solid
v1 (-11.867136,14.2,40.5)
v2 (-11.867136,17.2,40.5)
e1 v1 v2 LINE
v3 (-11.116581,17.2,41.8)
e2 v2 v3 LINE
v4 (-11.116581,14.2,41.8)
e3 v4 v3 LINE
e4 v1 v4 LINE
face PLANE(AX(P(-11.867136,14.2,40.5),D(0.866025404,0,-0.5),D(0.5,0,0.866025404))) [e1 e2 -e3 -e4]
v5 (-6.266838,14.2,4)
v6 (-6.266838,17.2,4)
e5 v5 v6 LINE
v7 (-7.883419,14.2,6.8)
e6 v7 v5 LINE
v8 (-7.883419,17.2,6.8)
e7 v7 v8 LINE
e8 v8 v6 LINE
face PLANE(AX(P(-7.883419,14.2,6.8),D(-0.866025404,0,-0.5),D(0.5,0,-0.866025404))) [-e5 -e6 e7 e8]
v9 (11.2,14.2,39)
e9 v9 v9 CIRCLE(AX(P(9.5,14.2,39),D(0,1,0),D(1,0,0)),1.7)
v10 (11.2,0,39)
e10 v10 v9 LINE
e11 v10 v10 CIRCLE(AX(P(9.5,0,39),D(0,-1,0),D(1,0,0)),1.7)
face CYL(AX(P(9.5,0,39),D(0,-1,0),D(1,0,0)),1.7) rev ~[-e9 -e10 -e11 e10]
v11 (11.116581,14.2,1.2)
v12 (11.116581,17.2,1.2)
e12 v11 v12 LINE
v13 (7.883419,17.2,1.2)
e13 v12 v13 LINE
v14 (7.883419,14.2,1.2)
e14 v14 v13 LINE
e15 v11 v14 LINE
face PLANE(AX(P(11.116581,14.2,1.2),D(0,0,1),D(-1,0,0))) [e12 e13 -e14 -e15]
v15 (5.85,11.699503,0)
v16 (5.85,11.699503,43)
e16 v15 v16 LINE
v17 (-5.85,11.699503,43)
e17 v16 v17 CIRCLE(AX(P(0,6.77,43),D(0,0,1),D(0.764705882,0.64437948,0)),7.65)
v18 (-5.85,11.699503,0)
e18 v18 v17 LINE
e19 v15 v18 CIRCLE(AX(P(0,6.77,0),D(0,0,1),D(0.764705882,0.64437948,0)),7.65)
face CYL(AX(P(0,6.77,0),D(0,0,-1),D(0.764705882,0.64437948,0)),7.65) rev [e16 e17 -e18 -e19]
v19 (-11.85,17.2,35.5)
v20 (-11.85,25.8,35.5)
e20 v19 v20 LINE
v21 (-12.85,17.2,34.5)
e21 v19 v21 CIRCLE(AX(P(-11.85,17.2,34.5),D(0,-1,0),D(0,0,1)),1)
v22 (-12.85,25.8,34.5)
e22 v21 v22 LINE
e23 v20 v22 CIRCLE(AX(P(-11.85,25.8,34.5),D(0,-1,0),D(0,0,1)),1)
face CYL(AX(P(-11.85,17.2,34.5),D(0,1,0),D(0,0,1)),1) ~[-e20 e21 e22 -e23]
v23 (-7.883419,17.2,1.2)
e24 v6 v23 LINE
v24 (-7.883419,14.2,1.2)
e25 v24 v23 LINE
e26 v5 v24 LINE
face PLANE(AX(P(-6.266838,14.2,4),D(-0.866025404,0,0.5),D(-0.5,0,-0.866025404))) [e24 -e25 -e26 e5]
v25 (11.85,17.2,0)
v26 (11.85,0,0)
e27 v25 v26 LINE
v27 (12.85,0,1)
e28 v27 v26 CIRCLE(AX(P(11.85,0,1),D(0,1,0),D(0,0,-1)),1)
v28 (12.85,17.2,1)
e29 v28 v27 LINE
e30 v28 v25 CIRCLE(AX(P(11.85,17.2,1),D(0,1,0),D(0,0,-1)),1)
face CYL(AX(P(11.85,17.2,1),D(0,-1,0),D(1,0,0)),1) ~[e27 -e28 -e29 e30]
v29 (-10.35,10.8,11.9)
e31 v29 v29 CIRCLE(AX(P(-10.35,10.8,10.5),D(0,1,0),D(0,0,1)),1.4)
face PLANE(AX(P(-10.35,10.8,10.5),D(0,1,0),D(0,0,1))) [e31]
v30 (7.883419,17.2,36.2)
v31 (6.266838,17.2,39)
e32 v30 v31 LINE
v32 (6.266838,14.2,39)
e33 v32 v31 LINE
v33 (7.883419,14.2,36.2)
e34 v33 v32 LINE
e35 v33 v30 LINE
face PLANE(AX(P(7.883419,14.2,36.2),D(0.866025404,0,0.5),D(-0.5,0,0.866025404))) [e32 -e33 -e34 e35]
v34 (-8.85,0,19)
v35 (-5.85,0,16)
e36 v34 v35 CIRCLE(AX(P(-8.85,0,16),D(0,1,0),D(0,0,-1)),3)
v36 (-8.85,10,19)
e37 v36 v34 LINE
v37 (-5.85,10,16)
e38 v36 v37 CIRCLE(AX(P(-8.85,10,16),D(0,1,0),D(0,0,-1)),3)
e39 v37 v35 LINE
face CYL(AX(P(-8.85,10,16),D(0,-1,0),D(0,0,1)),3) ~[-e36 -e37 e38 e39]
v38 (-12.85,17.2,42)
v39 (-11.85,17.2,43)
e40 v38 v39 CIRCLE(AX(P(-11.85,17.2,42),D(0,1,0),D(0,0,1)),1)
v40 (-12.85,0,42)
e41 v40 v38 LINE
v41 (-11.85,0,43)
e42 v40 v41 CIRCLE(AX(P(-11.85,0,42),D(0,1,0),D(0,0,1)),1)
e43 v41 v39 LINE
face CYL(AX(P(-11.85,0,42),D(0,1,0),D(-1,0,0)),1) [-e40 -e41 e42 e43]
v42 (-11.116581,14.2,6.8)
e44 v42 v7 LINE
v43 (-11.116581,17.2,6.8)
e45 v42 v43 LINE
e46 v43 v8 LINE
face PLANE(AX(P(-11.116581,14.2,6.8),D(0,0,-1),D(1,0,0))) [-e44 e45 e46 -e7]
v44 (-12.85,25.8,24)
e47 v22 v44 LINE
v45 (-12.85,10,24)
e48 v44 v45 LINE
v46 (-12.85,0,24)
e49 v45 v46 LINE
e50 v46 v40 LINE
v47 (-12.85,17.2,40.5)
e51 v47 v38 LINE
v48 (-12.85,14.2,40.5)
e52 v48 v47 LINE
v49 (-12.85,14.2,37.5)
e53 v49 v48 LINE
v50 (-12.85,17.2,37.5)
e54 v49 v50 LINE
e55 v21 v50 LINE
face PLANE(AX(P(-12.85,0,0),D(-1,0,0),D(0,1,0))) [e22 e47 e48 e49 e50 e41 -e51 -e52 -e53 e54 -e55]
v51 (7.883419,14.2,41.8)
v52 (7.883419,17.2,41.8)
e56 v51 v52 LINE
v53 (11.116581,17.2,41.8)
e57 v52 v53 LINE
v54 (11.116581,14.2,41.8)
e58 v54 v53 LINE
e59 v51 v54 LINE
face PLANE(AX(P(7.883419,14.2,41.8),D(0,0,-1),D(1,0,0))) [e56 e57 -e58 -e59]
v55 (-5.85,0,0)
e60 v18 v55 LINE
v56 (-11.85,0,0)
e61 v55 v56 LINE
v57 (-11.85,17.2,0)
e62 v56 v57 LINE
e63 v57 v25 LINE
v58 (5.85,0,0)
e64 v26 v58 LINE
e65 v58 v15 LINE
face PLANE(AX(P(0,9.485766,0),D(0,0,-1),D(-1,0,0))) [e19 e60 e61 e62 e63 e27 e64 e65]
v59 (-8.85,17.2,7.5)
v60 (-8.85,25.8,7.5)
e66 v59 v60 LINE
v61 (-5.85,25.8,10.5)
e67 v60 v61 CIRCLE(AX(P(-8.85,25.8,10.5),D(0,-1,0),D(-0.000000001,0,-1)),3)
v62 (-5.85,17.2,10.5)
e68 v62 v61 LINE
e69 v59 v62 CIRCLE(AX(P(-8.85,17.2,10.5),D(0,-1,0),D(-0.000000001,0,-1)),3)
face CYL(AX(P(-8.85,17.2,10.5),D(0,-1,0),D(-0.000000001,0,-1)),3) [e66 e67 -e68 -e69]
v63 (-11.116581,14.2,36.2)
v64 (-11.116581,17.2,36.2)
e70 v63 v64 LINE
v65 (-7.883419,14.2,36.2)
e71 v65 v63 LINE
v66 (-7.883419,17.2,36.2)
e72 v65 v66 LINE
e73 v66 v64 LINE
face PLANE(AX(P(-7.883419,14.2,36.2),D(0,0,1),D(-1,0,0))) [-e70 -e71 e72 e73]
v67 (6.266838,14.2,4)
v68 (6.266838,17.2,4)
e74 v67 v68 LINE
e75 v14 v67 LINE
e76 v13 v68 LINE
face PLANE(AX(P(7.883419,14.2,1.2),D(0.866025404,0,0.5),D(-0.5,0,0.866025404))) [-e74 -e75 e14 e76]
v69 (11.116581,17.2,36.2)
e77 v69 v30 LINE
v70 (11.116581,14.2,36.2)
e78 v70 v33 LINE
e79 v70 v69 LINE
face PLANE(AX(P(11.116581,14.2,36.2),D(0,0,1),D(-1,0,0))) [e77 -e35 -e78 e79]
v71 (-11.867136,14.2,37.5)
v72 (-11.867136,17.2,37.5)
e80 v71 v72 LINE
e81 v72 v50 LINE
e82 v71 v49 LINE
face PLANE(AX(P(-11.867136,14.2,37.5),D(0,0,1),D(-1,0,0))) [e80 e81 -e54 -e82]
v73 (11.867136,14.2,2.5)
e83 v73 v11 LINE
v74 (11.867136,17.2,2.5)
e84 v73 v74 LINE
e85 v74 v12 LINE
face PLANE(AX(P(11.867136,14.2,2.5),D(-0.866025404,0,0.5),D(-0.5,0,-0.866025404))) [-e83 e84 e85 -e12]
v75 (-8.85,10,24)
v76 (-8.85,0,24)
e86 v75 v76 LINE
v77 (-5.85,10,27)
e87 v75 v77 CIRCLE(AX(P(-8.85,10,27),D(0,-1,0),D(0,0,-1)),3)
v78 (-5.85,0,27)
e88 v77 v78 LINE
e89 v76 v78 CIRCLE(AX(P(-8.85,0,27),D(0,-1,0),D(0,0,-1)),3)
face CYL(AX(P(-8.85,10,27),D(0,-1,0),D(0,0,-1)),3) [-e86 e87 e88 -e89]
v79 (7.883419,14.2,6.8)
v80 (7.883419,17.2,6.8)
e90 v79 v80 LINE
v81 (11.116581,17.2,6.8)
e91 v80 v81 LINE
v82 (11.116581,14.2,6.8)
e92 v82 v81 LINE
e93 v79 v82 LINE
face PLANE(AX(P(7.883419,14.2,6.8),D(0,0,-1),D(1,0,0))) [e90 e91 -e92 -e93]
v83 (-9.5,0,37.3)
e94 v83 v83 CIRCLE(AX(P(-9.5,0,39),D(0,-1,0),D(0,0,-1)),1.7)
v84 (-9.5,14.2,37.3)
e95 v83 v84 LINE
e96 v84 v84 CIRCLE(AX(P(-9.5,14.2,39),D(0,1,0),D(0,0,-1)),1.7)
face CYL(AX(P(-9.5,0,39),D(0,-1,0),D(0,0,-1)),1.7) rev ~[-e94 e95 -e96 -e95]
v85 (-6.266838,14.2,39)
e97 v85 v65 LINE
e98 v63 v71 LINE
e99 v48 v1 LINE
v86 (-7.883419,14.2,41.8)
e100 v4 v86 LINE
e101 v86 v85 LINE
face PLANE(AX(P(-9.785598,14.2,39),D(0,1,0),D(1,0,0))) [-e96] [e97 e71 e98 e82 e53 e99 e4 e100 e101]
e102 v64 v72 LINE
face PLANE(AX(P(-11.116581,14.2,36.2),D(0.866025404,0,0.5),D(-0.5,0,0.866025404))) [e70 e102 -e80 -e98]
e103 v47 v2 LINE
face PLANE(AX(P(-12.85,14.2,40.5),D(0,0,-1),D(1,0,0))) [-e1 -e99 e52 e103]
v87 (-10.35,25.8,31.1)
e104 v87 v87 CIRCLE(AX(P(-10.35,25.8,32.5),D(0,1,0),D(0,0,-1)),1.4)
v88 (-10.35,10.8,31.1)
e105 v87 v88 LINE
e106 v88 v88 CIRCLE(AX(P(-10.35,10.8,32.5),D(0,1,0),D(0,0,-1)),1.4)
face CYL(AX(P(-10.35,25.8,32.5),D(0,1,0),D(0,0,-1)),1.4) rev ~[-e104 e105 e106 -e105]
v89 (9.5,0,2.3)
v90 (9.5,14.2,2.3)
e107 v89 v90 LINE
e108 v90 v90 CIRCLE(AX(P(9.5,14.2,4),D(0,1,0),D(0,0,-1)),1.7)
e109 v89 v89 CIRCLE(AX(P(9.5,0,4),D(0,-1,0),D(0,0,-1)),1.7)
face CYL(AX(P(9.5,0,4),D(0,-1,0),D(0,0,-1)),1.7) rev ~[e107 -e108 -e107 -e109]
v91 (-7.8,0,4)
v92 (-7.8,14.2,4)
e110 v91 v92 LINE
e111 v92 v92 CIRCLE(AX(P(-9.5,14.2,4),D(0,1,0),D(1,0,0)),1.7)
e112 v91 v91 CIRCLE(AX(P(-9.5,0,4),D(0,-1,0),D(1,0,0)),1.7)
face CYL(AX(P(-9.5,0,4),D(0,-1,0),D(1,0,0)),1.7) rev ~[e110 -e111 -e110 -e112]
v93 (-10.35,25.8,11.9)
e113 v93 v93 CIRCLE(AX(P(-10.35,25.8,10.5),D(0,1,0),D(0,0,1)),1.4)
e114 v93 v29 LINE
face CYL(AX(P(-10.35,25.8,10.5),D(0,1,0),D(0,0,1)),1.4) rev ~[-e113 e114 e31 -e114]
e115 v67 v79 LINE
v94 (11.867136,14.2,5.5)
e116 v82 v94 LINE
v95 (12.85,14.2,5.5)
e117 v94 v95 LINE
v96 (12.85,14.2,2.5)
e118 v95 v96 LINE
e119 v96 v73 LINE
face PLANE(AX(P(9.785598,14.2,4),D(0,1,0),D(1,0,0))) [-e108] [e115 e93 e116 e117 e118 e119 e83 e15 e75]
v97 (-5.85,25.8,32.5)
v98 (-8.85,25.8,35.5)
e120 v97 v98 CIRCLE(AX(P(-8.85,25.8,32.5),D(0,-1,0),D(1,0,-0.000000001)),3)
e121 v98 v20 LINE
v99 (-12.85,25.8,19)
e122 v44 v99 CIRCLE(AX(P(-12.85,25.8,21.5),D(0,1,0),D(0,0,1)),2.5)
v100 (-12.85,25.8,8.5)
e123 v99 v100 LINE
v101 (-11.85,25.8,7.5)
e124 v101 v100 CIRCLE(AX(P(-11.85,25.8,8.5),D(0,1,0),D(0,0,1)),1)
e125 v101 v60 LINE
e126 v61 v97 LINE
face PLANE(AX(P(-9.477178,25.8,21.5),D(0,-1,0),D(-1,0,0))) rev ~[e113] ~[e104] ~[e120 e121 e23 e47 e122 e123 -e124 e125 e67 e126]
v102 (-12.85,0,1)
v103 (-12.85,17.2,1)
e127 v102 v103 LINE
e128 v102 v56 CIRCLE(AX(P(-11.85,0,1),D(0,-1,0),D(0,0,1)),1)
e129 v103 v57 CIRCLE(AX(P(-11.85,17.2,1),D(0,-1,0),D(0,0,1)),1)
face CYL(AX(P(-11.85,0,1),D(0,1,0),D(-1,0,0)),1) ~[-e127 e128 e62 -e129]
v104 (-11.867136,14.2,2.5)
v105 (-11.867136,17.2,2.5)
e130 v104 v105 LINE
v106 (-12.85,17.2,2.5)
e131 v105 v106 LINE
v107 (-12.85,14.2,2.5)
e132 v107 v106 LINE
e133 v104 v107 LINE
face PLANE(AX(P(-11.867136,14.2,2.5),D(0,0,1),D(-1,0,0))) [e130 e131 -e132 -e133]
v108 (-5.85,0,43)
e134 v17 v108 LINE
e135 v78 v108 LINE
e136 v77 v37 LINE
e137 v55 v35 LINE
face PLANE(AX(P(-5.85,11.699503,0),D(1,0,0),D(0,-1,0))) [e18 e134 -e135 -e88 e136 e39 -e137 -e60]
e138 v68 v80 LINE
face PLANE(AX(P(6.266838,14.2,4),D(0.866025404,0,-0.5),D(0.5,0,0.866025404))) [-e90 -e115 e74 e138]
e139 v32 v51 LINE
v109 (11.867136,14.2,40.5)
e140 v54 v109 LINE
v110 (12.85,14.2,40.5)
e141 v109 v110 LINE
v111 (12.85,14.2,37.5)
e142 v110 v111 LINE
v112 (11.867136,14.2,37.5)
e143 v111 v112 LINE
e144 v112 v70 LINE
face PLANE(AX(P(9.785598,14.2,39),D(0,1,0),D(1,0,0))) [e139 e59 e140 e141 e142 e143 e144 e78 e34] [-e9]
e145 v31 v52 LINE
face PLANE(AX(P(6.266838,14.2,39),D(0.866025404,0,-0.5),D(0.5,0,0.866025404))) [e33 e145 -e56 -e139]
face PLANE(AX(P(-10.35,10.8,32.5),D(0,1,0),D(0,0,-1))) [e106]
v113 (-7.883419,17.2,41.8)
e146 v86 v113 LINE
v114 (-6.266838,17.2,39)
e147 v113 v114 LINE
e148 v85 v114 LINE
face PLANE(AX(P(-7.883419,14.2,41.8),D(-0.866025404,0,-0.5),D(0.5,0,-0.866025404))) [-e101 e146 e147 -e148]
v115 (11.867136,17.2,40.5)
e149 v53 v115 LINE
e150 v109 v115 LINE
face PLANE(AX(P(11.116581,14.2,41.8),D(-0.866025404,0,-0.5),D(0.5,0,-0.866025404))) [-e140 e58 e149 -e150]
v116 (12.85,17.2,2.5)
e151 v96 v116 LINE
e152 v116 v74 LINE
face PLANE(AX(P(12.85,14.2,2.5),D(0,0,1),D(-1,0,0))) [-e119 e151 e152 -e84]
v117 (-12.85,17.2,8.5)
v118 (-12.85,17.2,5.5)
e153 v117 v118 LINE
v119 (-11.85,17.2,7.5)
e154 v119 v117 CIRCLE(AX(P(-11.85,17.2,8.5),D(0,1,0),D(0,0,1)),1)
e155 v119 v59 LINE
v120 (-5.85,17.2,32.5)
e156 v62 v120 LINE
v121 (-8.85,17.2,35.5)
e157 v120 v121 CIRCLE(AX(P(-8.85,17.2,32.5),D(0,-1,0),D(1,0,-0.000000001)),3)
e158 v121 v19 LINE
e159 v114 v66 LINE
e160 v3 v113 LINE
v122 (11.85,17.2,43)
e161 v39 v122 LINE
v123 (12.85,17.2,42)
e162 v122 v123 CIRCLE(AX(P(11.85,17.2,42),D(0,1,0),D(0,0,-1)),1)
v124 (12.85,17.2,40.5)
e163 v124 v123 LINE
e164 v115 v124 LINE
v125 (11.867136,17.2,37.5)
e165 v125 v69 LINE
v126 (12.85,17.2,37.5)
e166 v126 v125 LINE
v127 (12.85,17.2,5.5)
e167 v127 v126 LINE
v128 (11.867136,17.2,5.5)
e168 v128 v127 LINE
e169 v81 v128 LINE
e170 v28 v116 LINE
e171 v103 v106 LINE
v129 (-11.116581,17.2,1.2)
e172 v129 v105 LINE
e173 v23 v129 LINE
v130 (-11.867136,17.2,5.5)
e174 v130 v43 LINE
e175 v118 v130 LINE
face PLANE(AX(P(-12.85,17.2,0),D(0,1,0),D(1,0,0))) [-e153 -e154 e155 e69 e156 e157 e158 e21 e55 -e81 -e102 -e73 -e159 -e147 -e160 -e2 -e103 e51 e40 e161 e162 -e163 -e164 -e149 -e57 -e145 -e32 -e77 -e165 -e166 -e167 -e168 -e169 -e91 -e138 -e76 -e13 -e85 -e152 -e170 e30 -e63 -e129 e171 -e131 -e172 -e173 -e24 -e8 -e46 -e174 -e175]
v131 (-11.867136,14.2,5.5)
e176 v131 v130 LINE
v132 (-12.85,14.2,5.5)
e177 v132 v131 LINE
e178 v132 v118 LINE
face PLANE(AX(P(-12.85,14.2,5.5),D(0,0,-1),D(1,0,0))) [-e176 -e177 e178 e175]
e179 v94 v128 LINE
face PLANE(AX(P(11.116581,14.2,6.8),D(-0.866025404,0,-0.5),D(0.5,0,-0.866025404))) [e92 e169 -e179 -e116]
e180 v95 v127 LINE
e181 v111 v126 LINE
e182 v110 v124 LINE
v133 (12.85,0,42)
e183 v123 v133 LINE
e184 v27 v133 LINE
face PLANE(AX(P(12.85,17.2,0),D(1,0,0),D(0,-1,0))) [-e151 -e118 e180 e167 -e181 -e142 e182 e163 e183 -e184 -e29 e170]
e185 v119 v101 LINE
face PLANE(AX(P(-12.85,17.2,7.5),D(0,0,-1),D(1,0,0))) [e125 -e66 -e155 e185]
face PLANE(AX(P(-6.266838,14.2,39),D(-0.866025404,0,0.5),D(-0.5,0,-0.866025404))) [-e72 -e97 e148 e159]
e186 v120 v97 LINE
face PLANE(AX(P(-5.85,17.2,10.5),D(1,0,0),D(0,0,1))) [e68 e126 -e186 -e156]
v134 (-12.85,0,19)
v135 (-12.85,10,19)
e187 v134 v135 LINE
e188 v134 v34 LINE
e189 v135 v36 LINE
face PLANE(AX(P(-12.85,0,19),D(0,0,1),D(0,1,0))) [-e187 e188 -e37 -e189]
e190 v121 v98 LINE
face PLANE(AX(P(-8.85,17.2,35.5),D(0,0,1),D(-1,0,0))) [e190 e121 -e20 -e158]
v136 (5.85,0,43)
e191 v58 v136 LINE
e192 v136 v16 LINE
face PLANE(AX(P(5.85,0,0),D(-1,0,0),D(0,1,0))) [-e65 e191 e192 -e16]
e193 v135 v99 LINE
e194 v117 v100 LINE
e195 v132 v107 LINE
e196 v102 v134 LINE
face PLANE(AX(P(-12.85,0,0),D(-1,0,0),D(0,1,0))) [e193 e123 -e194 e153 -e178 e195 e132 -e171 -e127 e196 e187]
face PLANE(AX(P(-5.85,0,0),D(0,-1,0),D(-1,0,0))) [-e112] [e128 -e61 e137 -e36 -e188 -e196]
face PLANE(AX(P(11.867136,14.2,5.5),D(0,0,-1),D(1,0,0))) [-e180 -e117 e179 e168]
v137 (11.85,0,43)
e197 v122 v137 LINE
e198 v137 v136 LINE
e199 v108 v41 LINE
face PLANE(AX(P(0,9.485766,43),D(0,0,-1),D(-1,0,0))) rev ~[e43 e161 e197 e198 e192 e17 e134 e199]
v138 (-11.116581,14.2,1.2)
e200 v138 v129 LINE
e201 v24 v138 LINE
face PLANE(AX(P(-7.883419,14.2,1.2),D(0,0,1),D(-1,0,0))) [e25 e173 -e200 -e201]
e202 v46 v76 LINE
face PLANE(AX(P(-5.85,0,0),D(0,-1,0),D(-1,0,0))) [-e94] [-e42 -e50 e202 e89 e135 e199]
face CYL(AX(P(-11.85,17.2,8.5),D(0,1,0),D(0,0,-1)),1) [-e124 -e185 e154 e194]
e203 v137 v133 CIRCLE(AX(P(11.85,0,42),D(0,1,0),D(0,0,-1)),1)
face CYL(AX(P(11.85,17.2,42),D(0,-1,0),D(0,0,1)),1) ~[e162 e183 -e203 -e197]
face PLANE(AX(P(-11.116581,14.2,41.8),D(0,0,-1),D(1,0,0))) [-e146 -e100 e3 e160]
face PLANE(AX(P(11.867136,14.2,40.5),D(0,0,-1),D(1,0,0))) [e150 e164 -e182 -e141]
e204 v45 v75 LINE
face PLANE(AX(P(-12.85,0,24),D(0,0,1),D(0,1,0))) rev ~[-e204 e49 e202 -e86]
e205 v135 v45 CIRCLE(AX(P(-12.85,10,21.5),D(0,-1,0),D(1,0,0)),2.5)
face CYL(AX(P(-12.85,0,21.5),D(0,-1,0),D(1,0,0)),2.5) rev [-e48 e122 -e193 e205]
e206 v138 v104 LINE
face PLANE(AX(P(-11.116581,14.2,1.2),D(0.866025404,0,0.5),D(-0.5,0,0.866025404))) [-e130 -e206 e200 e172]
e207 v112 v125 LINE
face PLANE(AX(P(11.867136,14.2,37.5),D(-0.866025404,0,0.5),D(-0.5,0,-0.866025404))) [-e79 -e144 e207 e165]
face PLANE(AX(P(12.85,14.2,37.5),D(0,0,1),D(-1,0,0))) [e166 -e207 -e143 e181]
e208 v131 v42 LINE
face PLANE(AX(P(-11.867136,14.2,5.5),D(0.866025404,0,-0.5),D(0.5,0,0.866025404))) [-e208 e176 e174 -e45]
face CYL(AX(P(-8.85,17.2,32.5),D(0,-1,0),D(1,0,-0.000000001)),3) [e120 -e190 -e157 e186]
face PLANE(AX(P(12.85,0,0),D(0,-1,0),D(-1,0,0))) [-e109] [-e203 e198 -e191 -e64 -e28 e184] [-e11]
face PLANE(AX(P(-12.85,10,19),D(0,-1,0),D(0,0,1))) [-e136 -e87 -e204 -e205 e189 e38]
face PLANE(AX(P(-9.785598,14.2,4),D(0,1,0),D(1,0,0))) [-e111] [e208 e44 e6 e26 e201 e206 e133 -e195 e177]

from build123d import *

# Parameters (mm, degrees)
EXTRUDE_1_DEPTH     = 43
EXTRUDE_2_DEPTH     = 8.6
SKETCH_3_R          = 1.4
CUT_EXTRUDE_1_DEPTH = 15
CUT_EXTRUDE_START   = -17.2
SKETCH_4_R          = 2.5
CUT_EXTRUDE_2_DEPTH = 17.2
SKETCH_5_W          = 5
SKETCH_5_H          = 10
CUT_EXTRUDE_3_DEPTH = 15
SKETCH_6_R          = 1.7
CUT_EXTRUDE_4_DEPTH = 20
CUT_EXTRUDE_START_2 = -3
SKETCH_7_W          = 2.192810324
SKETCH_7_H          = 3
SKETCH_7_R          = 1.7
CUT_EXTRUDE_5_DEPTH = 3
FILLET_1_R          = 3
FILLET_2_R          = 1


with BuildPart() as part:
    # Эскиз1 → Бобышка-Вытянуть1 (new body)
    with BuildSketch(Plane.XY):
        with BuildLine():
            Line((5.85, 0), (5.85, 11.699503018))
            ThreePointArc((5.85, 11.699503018), (0, 14.42), (-5.85, 11.699503018))
            Line((-5.85, 11.699503018), (-5.85, 0))
            Line((-5.85, 0), (-12.85, 0))
            Line((-12.85, 0), (-12.85, 17.2))
            Line((-12.85, 17.2), (12.85, 17.2))
            Line((12.85, 17.2), (12.85, 0))
            Line((12.85, 0), (5.85, 0))
        make_face()
    extrude(amount=EXTRUDE_1_DEPTH)

    # Эскиз2 → Бобышка-Вытянуть2 (add)
    with BuildSketch(Plane(origin=(0, 17.2, 0), x_dir=(1, 0, 0), z_dir=(0, 1, 0))):
        with BuildLine():
            Line((-12.85, -7.5), (-8.85, -7.5))
            ThreePointArc((-8.85, -7.5), (-6.728679656, -8.378679656), (-5.85, -10.5))
            Line((-5.85, -10.5), (-5.85, -32.5))
            ThreePointArc((-5.85, -32.5), (-6.728679656, -34.621320344), (-8.85, -35.5))
            Line((-8.85, -35.5), (-12.85, -35.5))
            Line((-12.85, -35.5), (-12.85, -24))
            ThreePointArc((-12.85, -24), (-10.35, -21.5), (-12.85, -19))
            Line((-12.85, -19), (-12.85, -7.5))
        make_face()
    extrude(amount=EXTRUDE_2_DEPTH)

    # Эскиз3 → Вырез-Вытянуть1 (cut)
    with BuildSketch(Plane(origin=(0, 25.8, 0), x_dir=(1, 0, 0), z_dir=(0, 1, 0))):
        with Locations(Location((-10.35, -10.5, 0), (0, 0, 270))):
            Circle(SKETCH_3_R)
        with Locations(Location((-10.35, -32.5, 0), (0, 0, 90))):
            Circle(SKETCH_3_R)
    extrude(amount=-CUT_EXTRUDE_1_DEPTH, mode=Mode.SUBTRACT)

    # Эскиз4 → Вырез-Вытянуть2 (cut)
    with BuildSketch(Plane(origin=(0, 17.2, 0), x_dir=(1, 0, 0), z_dir=(0, 1, 0)).offset(CUT_EXTRUDE_START)):
        with Locations((-12.85, -21.5)):
            Circle(SKETCH_4_R)
    extrude(amount=CUT_EXTRUDE_2_DEPTH, mode=Mode.SUBTRACT)

    # Эскиз5 → Вырез-Вытянуть3 (cut)
    with BuildSketch(Plane.ZY.offset(12.85)):
        with Locations((21.5, 5)):
            Rectangle(SKETCH_5_W, SKETCH_5_H)
    extrude(amount=-CUT_EXTRUDE_3_DEPTH, mode=Mode.SUBTRACT)

    # Эскиз6 → Вырез-Вытянуть4 (cut)
    with BuildSketch(Plane.XZ):
        with Locations((9.5, 39)):
            Circle(SKETCH_6_R)
        with Locations(Location((-9.5, 39, 0), (0, 0, 270))):
            Circle(SKETCH_6_R)
        with Locations(Location((9.5, 4, 0), (0, 0, 270))):
            Circle(SKETCH_6_R)
        with Locations((-9.5, 4)):
            Circle(SKETCH_6_R)
    extrude(amount=-CUT_EXTRUDE_4_DEPTH, mode=Mode.SUBTRACT)

    # Эскиз7 → Вырез-Вытянуть5 (cut)
    # profile 1 of 8: a face of its own
    with BuildSketch(Plane(origin=(0, 17.2, 0), x_dir=(1, 0, 0), z_dir=(0, 1, 0)).offset(CUT_EXTRUDE_START_2)):
        with Locations((-13.946405162, -4)):
            Rectangle(SKETCH_7_W, SKETCH_7_H)
    # profile 2 of 8: a face of its own
    with BuildSketch(Plane(origin=(0, 17.2, 0), x_dir=(1, 0, 0), z_dir=(0, 1, 0)).offset(CUT_EXTRUDE_START_2)):
        Polygon((-12.85, -5.5), (-11.867136104, -5.5), (-11.116580754, -6.8), (-7.883419246, -6.8), (-6.266838493, -4), (-7.883419246, -1.2), (-11.116580754, -1.2), (-11.867136104, -2.5), (-12.85, -2.5), align=None)
        with Locations((-9.5, -4)):
            Circle(SKETCH_7_R, mode=Mode.SUBTRACT)
    # profile 3 of 8: a face of its own
    with BuildSketch(Plane(origin=(0, 17.2, 0), x_dir=(1, 0, 0), z_dir=(0, 1, 0)).offset(CUT_EXTRUDE_START_2)):
        Polygon((12.85, -5.5), (12.85, -2.5), (11.867136104, -2.5), (11.116580754, -1.2), (7.883419246, -1.2), (6.266838493, -4), (7.883419246, -6.8), (11.116580754, -6.8), (11.867136104, -5.5), align=None)
        with Locations(Location((9.5, -4, 0), (0, 0, 270))):
            Circle(SKETCH_7_R, mode=Mode.SUBTRACT)
    # profile 4 of 8: a face of its own
    with BuildSketch(Plane(origin=(0, 17.2, 0), x_dir=(1, 0, 0), z_dir=(0, 1, 0)).offset(CUT_EXTRUDE_START_2)):
        with Locations((13.946405162, -4)):
            Rectangle(SKETCH_7_W, SKETCH_7_H)
    # profile 5 of 8: a face of its own
    with BuildSketch(Plane(origin=(0, 17.2, 0), x_dir=(1, 0, 0), z_dir=(0, 1, 0)).offset(CUT_EXTRUDE_START_2)):
        with Locations((13.946405162, -39)):
            Rectangle(SKETCH_7_W, SKETCH_7_H)
    # profile 6 of 8: a face of its own
    with BuildSketch(Plane(origin=(0, 17.2, 0), x_dir=(1, 0, 0), z_dir=(0, 1, 0)).offset(CUT_EXTRUDE_START_2)):
        Polygon((12.85, -40.5), (12.85, -37.5), (11.867136104, -37.5), (11.116580754, -36.2), (7.883419246, -36.2), (6.266838493, -39), (7.883419246, -41.8), (11.116580754, -41.8), (11.867136104, -40.5), align=None)
        with Locations((9.5, -39)):
            Circle(SKETCH_7_R, mode=Mode.SUBTRACT)
    # profile 7 of 8: a face of its own
    with BuildSketch(Plane(origin=(0, 17.2, 0), x_dir=(1, 0, 0), z_dir=(0, 1, 0)).offset(CUT_EXTRUDE_START_2)):
        Polygon((-11.867136104, -37.5), (-12.85, -37.5), (-12.85, -40.5), (-11.867136104, -40.5), (-11.116580754, -41.8), (-7.883419246, -41.8), (-6.266838493, -39), (-7.883419246, -36.2), (-11.116580754, -36.2), align=None)
        with Locations(Location((-9.5, -39, 0), (0, 0, 270))):
            Circle(SKETCH_7_R, mode=Mode.SUBTRACT)
    # profile 8 of 8: a face of its own
    with BuildSketch(Plane(origin=(0, 17.2, 0), x_dir=(1, 0, 0), z_dir=(0, 1, 0)).offset(CUT_EXTRUDE_START_2)):
        with Locations((-13.946405162, -39)):
            Rectangle(SKETCH_7_W, SKETCH_7_H)
    extrude(amount=CUT_EXTRUDE_5_DEPTH, mode=Mode.SUBTRACT)

    # Скругление1
    fillet_1_edges = [part.edges().sort_by_distance(p)[0] for p in [
        (-5.85, 5, 24),
        (-5.85, 5, 19),
    ]]
    fillet(fillet_1_edges, radius=FILLET_1_R)

    # Скругление2
    fillet_2_edges = [part.edges().sort_by_distance(p)[0] for p in [
        (12.85, 8.6, 0),
        (-12.85, 8.6, 0),
        (12.85, 8.6, 43),
        (-12.85, 8.6, 43),
        (-12.85, 21.5, 35.5),
        (-12.85, 21.5, 7.5),
    ]]
    fillet(fillet_2_edges, radius=FILLET_2_R)


solid = part.part
